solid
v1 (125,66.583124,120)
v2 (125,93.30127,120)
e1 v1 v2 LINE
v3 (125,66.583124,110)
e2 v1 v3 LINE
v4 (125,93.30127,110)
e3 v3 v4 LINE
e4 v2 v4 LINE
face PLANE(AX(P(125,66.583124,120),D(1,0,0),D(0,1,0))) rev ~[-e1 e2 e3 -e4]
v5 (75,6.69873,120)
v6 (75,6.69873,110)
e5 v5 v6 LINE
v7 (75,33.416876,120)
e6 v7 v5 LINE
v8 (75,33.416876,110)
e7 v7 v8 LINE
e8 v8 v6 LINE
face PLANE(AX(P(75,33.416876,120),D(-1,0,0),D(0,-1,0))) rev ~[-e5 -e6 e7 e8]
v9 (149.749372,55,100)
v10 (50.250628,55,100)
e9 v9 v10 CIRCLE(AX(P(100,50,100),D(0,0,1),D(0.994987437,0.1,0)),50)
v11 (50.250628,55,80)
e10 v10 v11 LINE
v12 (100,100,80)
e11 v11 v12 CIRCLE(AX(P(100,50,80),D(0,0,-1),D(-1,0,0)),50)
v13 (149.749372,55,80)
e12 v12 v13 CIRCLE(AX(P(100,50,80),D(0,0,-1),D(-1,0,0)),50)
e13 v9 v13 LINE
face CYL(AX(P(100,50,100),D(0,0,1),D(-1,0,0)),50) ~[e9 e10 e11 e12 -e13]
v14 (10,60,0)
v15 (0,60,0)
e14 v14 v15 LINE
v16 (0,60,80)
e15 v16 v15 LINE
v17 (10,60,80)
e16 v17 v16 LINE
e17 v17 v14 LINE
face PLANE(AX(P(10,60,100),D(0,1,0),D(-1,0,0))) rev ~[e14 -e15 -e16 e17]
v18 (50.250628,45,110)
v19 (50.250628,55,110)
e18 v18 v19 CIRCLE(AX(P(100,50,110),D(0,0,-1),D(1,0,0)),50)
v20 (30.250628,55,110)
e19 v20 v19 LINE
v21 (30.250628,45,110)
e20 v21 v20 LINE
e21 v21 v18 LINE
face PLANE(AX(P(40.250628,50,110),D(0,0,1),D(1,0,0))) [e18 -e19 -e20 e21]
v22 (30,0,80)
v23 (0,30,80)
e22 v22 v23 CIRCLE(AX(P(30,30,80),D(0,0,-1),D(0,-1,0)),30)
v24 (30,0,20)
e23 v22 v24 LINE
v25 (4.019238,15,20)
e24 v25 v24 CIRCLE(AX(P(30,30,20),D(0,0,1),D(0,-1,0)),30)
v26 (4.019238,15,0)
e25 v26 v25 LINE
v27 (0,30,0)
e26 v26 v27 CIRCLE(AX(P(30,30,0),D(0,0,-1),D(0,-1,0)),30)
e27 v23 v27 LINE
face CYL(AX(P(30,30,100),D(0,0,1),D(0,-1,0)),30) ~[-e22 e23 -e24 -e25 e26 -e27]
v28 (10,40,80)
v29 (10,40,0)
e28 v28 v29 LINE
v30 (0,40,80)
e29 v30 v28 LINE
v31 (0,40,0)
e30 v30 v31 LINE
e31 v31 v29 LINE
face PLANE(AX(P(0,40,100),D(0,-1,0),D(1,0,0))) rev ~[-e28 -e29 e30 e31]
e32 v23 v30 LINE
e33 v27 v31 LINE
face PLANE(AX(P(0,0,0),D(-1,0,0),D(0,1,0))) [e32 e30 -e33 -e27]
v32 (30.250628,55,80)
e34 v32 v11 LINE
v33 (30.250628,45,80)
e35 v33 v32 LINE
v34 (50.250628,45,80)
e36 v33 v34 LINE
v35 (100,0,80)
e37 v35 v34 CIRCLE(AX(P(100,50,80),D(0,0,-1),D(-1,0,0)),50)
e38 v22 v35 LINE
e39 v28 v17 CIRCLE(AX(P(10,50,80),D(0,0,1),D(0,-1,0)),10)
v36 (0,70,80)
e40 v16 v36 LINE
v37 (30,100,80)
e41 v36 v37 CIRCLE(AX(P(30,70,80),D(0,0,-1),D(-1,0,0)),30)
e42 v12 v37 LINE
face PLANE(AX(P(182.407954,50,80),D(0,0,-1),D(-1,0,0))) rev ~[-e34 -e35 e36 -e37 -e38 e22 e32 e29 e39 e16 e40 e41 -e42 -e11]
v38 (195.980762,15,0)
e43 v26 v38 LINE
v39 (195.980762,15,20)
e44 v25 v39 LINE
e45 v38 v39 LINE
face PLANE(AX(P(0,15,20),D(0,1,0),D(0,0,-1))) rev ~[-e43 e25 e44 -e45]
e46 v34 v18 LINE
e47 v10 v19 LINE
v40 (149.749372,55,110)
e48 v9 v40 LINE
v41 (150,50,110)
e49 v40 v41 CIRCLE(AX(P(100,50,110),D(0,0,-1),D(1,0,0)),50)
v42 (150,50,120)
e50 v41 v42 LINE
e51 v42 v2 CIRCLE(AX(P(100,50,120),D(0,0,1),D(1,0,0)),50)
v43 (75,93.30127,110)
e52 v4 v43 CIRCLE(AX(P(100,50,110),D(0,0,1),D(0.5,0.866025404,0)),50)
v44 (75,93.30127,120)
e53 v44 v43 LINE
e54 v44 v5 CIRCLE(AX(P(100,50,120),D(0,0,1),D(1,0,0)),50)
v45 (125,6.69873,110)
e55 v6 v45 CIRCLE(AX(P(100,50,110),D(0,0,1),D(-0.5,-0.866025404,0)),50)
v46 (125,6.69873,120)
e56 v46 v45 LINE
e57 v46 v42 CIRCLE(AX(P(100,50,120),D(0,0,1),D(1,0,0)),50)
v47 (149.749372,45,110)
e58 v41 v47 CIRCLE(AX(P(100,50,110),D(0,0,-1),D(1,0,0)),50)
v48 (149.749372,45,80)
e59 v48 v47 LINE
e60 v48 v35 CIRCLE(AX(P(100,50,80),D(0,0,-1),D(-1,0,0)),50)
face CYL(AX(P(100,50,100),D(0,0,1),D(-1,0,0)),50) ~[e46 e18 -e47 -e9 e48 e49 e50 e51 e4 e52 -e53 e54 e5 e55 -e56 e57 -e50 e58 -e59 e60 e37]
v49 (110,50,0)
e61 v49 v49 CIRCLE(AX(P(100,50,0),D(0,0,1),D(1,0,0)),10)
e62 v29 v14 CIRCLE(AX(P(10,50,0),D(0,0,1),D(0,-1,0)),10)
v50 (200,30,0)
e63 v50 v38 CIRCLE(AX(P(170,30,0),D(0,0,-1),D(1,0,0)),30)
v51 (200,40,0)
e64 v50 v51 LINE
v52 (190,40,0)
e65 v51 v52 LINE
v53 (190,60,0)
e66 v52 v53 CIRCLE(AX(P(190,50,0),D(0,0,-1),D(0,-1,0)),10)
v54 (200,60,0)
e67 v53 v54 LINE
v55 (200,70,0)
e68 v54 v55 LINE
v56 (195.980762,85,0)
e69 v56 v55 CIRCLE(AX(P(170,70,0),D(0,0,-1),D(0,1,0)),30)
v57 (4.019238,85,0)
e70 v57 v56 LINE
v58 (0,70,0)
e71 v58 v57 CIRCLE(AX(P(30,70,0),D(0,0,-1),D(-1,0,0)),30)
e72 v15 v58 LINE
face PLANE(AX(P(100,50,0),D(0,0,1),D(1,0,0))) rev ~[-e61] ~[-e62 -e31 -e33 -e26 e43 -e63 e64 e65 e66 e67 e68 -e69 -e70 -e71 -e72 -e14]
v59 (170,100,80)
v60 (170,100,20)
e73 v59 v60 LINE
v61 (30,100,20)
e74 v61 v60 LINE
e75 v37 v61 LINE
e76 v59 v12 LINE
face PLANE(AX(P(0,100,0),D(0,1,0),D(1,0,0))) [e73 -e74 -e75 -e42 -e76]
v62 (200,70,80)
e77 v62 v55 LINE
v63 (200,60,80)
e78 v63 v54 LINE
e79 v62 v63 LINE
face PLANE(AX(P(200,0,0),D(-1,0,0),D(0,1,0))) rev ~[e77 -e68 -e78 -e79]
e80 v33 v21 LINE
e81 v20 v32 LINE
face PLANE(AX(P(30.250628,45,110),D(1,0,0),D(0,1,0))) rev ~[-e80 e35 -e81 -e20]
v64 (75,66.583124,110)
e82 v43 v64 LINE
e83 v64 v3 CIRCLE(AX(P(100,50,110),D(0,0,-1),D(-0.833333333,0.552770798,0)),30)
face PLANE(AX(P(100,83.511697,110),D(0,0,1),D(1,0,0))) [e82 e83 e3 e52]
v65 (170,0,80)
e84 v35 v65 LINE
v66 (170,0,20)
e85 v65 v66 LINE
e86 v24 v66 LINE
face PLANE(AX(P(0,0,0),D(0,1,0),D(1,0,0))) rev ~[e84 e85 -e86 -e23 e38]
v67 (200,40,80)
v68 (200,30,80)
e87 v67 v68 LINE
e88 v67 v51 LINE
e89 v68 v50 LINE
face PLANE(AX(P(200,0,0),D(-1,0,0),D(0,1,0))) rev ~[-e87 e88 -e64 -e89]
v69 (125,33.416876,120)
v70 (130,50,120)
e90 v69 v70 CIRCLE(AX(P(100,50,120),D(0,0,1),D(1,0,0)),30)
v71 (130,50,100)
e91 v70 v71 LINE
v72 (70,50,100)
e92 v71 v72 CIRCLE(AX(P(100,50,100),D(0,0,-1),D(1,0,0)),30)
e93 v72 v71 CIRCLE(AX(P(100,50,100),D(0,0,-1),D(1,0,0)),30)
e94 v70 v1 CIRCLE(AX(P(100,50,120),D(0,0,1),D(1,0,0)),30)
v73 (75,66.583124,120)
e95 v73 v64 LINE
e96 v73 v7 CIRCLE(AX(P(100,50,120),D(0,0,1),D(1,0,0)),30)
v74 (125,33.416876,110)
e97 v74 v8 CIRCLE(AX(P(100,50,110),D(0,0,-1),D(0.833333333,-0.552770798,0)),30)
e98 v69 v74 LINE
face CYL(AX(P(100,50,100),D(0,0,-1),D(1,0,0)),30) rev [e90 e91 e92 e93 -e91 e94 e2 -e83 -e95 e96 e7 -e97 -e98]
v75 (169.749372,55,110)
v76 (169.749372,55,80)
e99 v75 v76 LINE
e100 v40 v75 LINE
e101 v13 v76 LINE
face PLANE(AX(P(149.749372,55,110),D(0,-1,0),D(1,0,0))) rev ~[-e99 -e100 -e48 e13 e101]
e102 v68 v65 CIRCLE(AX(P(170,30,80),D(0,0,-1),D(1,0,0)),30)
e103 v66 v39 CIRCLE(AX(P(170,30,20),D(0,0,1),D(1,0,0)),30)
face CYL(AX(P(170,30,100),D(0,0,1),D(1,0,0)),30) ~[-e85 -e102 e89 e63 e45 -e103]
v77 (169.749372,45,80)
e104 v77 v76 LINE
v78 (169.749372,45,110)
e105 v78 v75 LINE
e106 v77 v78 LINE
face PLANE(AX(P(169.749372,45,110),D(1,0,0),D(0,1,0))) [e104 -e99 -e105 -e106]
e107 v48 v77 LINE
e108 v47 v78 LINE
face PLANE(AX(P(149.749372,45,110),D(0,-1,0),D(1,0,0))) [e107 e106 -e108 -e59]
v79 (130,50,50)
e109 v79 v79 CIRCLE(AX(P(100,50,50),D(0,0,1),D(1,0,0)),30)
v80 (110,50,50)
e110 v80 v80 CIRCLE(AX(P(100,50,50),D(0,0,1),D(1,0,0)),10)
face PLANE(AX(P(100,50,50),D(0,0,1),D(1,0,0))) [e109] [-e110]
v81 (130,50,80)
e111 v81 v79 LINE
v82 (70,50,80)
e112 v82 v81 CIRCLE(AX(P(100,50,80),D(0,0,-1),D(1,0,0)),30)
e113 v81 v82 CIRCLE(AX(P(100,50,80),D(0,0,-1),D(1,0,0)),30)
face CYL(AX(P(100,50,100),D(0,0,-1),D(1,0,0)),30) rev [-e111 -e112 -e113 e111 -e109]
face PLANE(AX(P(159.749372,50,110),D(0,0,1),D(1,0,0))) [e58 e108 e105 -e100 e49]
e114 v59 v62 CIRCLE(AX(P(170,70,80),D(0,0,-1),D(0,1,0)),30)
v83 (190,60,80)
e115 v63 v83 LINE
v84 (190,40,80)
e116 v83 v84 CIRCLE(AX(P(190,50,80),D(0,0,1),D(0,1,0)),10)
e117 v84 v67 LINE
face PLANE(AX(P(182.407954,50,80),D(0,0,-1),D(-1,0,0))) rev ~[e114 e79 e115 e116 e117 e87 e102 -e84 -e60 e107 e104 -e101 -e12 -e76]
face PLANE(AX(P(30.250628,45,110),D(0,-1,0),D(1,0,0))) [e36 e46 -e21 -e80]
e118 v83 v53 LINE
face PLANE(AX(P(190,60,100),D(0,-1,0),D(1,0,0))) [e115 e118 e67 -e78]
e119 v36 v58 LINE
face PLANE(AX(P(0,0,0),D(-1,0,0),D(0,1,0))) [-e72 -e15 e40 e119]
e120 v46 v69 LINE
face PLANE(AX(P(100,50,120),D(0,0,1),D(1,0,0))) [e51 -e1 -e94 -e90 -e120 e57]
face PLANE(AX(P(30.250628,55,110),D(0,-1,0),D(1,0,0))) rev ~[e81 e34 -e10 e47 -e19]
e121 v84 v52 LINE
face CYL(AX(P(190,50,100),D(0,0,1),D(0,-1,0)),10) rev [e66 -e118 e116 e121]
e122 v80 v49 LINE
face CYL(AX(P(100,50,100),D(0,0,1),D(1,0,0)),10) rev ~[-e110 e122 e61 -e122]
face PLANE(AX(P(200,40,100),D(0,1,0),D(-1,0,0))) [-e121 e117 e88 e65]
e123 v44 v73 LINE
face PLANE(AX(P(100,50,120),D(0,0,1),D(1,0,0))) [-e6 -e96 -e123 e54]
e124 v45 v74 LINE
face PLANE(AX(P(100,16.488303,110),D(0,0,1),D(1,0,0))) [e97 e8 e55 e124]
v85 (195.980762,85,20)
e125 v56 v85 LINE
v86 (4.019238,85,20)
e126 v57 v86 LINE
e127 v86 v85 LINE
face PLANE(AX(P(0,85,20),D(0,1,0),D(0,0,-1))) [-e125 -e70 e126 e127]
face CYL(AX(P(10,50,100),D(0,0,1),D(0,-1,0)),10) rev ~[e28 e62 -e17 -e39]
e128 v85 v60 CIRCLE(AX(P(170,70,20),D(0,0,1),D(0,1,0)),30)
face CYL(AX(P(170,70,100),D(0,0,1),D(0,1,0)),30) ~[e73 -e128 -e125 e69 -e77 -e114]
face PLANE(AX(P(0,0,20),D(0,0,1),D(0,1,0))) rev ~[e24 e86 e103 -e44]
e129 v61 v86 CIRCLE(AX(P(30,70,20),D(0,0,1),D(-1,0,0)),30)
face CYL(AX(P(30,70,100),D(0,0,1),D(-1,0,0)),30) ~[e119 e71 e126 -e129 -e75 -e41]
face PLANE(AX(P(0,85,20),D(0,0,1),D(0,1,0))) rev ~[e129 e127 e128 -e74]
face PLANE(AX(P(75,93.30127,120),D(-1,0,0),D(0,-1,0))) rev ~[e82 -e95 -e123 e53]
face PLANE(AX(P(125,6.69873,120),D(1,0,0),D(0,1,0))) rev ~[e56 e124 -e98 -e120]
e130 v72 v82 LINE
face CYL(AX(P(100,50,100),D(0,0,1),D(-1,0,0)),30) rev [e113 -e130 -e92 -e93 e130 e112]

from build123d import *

# Parameters (mm, degrees)
SKETCH1_W           = 200
SKETCH1_H           = 100
BOSS_EXTRUDE1_DEPTH = 100
CUT_EXTRUDE2_DEPTH  = 100
CUT_EXTRUDE3_DEPTH  = 100
SKETCH4_W           = 20
SKETCH4_H           = 15
CUT_EXTRUDE8_DEPTH  = 275
SKETCH8_R           = 10
CUT_EXTRUDE9_DEPTH  = 275
SKETCH9_R           = 30
SKETCH9_R_2         = 10
CUT_EXTRUDE10_DEPTH = 50
SKETCH10_R          = 50
SKETCH10_R_2        = 30
BOSS_EXTRUDE2_DEPTH = 20
CUT_EXTRUDE12_DEPTH = 10
SKETCH12_W          = 20
SKETCH12_H          = 10
BOSS_EXTRUDE3_DEPTH = 10
SKETCH13_W          = 20
SKETCH13_H          = 10
BOSS_EXTRUDE4_DEPTH = 10
CUT_EXTRUDE13_DEPTH = 20
SKETCH15_R          = 50
SKETCH15_R_2        = 30
BOSS_EXTRUDE5_DEPTH = 20
SKETCH16_W          = 20
SKETCH16_H          = 10
BOSS_EXTRUDE6_DEPTH = 30


with BuildPart() as part:
    # Sketch1 → Boss-Extrude1 (new body)
    with BuildSketch(Plane.XY):
        with Locations((100, 50)):
            Rectangle(SKETCH1_W, SKETCH1_H)
    extrude(amount=BOSS_EXTRUDE1_DEPTH)

    # Sketch2 → Cut-Extrude2 (cut)
    with BuildSketch(Plane.XY.offset(100)):
        with BuildLine():
            Line((30, 100), (0, 100))
            Line((0, 100), (0, 70))
            ThreePointArc((0, 70), (8.786796564, 91.213203436), (30, 100))
        make_face()
        with BuildLine():
            Line((200, 100), (170, 100))
            ThreePointArc((170, 100), (191.213203436, 91.213203436), (200, 70))
            Line((200, 70), (200, 100))
        make_face()
        with BuildLine():
            Line((200, 0), (200, 30))
            ThreePointArc((200, 30), (191.213203436, 8.786796564), (170, 0))
            Line((170, 0), (200, 0))
        make_face()
        with BuildLine():
            ThreePointArc((30, 0), (8.786796564, 8.786796564), (0, 30))
            Line((0, 30), (0, 0))
            Line((0, 0), (30, 0))
        make_face()
    extrude(amount=-CUT_EXTRUDE2_DEPTH, mode=Mode.SUBTRACT)

    # Sketch3 → Cut-Extrude3 (cut)
    with BuildSketch(Plane.XY.offset(100)):
        with BuildLine():
            Line((10, 60), (0, 60))
            Line((0, 60), (0, 40))
            Line((0, 40), (10, 40))
            ThreePointArc((10, 40), (20, 50), (10, 60))
        make_face()
        with BuildLine():
            Line((190, 60), (200, 60))
            Line((200, 60), (200, 40))
            Line((200, 40), (190, 40))
            ThreePointArc((190, 40), (180, 50), (190, 60))
        make_face()
    extrude(amount=-CUT_EXTRUDE3_DEPTH, mode=Mode.SUBTRACT)

    # Sketch4 → Cut-Extrude8 (cut)
    with BuildSketch(Plane(origin=(0, 0, 0), x_dir=(0, 0, -1), z_dir=(1, 0, 0))):
        with Locations((-10, 92.5)):
            Rectangle(SKETCH4_W, SKETCH4_H)
        with Locations((-10, 7.5)):
            Rectangle(SKETCH4_W, SKETCH4_H)
    extrude(amount=CUT_EXTRUDE8_DEPTH, mode=Mode.SUBTRACT)

    # Sketch8 → Cut-Extrude9 (cut)
    with BuildSketch(Plane.XY.offset(100)):
        with Locations((100, 50)):
            Circle(SKETCH8_R)
    extrude(amount=-CUT_EXTRUDE9_DEPTH, mode=Mode.SUBTRACT)

    # Sketch9 → Cut-Extrude10 (cut)
    with BuildSketch(Plane.XY.offset(100)):
        with Locations((100, 50)):
            Circle(SKETCH9_R)
        with Locations((100, 50)):
            Circle(SKETCH9_R_2, mode=Mode.SUBTRACT)
    extrude(amount=-CUT_EXTRUDE10_DEPTH, mode=Mode.SUBTRACT)

    # Sketch10 → Boss-Extrude2 (add)
    with BuildSketch(Plane.XY.offset(100)):
        with Locations((100, 50)):
            Circle(SKETCH10_R)
        with Locations((100, 50)):
            Circle(SKETCH10_R_2, mode=Mode.SUBTRACT)
    extrude(amount=BOSS_EXTRUDE2_DEPTH)

    # Sketch11 → Cut-Extrude12 (cut)
    with BuildSketch(Plane.XY.offset(120)):
        with BuildLine():
            ThreePointArc((125, 93.301270189), (100, 100), (75, 93.301270189))
            Line((75, 93.301270189), (75, 66.583123952))
            ThreePointArc((75, 66.583123952), (100, 80), (125, 66.583123952))
            Line((125, 66.583123952), (125, 93.301270189))
        make_face()
        with BuildLine():
            Line((75, 33.416876048), (75, 6.698729811))
            ThreePointArc((75, 6.698729811), (100, 0), (125, 6.698729811))
            Line((125, 6.698729811), (125, 33.416876048))
            ThreePointArc((125, 33.416876048), (100, 20), (75, 33.416876048))
        make_face()
    extrude(amount=-CUT_EXTRUDE12_DEPTH, mode=Mode.SUBTRACT)

    # Sketch12 → Boss-Extrude3 (add)
    with BuildSketch(Plane.XY.offset(100)):
        with Locations((40.250628145, 50)):
            Rectangle(SKETCH12_W, SKETCH12_H)
    extrude(amount=BOSS_EXTRUDE3_DEPTH)

    # Sketch13 → Boss-Extrude4 (add)
    with BuildSketch(Plane.XY.offset(100)):
        with Locations((159.749371855, 50)):
            Rectangle(SKETCH13_W, SKETCH13_H)
    extrude(amount=BOSS_EXTRUDE4_DEPTH)

    # Sketch14 → Cut-Extrude13 (cut)
    with BuildSketch(Plane.XY.offset(100)):
        with BuildLine():
            ThreePointArc((200, 30), (191.213203436, 8.786796564), (170, 0))
            Line((170, 0), (170, 100))
            ThreePointArc((170, 100), (191.213203436, 91.213203436), (200, 70))
            Line((200, 70), (200, 60))
            Line((200, 60), (190, 60))
            ThreePointArc((190, 60), (180, 50), (190, 40))
            Line((190, 40), (200, 40))
            Line((200, 40), (200, 30))
        make_face()
        with BuildLine():
            Line((170, 100), (100, 100))
            ThreePointArc((100, 100), (66.458980338, 87.080992435), (50.250628145, 55))
            Line((50.250628145, 55), (30.250628145, 55))
            Line((30.250628145, 55), (30.250628145, 45))
            Line((30.250628145, 45), (50.250628145, 45))
            ThreePointArc((50.250628145, 45), (66.458980338, 12.919007565), (100, 0))
            Line((100, 0), (170, 0))
            Line((170, 0), (170, 100))
        make_face()
        with BuildLine():
            Line((30, 100), (30, 0))
            Line((30, 0), (100, 0))
            ThreePointArc((100, 0), (66.458980338, 12.919007565), (50.250628145, 45))
            Line((50.250628145, 45), (30.250628145, 45))
            Line((30.250628145, 45), (30.250628145, 55))
            Line((30.250628145, 55), (50.250628145, 55))
            ThreePointArc((50.250628145, 55), (66.458980338, 87.080992435), (100, 100))
            Line((100, 100), (30, 100))
        make_face()
        with BuildLine():
            Line((30, 100), (30, 0))
            ThreePointArc((30, 0), (8.786796564, 8.786796564), (0, 30))
            Line((0, 30), (0, 40))
            Line((0, 40), (10, 40))
            ThreePointArc((10, 40), (20, 50), (10, 60))
            Line((10, 60), (0, 60))
            Line((0, 60), (0, 70))
            ThreePointArc((0, 70), (8.786796564, 91.213203436), (30, 100))
        make_face()
    extrude(amount=-CUT_EXTRUDE13_DEPTH, mode=Mode.SUBTRACT)

    # Sketch15 → Boss-Extrude5 (add)
    with BuildSketch(Plane(origin=(0, 0, 100), x_dir=(-1, 0, 0), z_dir=(0, 0, -1))):
        with Locations((-100, 50)):
            Circle(SKETCH15_R)
        with Locations((-100, 50)):
            Circle(SKETCH15_R_2, mode=Mode.SUBTRACT)
    extrude(amount=BOSS_EXTRUDE5_DEPTH)

    # Sketch16 → Boss-Extrude6 (add)
    with BuildSketch(Plane.XY.offset(110)):
        with Locations((40.250628145, 50)):
            Rectangle(SKETCH16_W, SKETCH16_H)
        with Locations((159.749371855, 50)):
            Rectangle(SKETCH16_W, SKETCH16_H)
    extrude(amount=-BOSS_EXTRUDE6_DEPTH)


solid = part.part
